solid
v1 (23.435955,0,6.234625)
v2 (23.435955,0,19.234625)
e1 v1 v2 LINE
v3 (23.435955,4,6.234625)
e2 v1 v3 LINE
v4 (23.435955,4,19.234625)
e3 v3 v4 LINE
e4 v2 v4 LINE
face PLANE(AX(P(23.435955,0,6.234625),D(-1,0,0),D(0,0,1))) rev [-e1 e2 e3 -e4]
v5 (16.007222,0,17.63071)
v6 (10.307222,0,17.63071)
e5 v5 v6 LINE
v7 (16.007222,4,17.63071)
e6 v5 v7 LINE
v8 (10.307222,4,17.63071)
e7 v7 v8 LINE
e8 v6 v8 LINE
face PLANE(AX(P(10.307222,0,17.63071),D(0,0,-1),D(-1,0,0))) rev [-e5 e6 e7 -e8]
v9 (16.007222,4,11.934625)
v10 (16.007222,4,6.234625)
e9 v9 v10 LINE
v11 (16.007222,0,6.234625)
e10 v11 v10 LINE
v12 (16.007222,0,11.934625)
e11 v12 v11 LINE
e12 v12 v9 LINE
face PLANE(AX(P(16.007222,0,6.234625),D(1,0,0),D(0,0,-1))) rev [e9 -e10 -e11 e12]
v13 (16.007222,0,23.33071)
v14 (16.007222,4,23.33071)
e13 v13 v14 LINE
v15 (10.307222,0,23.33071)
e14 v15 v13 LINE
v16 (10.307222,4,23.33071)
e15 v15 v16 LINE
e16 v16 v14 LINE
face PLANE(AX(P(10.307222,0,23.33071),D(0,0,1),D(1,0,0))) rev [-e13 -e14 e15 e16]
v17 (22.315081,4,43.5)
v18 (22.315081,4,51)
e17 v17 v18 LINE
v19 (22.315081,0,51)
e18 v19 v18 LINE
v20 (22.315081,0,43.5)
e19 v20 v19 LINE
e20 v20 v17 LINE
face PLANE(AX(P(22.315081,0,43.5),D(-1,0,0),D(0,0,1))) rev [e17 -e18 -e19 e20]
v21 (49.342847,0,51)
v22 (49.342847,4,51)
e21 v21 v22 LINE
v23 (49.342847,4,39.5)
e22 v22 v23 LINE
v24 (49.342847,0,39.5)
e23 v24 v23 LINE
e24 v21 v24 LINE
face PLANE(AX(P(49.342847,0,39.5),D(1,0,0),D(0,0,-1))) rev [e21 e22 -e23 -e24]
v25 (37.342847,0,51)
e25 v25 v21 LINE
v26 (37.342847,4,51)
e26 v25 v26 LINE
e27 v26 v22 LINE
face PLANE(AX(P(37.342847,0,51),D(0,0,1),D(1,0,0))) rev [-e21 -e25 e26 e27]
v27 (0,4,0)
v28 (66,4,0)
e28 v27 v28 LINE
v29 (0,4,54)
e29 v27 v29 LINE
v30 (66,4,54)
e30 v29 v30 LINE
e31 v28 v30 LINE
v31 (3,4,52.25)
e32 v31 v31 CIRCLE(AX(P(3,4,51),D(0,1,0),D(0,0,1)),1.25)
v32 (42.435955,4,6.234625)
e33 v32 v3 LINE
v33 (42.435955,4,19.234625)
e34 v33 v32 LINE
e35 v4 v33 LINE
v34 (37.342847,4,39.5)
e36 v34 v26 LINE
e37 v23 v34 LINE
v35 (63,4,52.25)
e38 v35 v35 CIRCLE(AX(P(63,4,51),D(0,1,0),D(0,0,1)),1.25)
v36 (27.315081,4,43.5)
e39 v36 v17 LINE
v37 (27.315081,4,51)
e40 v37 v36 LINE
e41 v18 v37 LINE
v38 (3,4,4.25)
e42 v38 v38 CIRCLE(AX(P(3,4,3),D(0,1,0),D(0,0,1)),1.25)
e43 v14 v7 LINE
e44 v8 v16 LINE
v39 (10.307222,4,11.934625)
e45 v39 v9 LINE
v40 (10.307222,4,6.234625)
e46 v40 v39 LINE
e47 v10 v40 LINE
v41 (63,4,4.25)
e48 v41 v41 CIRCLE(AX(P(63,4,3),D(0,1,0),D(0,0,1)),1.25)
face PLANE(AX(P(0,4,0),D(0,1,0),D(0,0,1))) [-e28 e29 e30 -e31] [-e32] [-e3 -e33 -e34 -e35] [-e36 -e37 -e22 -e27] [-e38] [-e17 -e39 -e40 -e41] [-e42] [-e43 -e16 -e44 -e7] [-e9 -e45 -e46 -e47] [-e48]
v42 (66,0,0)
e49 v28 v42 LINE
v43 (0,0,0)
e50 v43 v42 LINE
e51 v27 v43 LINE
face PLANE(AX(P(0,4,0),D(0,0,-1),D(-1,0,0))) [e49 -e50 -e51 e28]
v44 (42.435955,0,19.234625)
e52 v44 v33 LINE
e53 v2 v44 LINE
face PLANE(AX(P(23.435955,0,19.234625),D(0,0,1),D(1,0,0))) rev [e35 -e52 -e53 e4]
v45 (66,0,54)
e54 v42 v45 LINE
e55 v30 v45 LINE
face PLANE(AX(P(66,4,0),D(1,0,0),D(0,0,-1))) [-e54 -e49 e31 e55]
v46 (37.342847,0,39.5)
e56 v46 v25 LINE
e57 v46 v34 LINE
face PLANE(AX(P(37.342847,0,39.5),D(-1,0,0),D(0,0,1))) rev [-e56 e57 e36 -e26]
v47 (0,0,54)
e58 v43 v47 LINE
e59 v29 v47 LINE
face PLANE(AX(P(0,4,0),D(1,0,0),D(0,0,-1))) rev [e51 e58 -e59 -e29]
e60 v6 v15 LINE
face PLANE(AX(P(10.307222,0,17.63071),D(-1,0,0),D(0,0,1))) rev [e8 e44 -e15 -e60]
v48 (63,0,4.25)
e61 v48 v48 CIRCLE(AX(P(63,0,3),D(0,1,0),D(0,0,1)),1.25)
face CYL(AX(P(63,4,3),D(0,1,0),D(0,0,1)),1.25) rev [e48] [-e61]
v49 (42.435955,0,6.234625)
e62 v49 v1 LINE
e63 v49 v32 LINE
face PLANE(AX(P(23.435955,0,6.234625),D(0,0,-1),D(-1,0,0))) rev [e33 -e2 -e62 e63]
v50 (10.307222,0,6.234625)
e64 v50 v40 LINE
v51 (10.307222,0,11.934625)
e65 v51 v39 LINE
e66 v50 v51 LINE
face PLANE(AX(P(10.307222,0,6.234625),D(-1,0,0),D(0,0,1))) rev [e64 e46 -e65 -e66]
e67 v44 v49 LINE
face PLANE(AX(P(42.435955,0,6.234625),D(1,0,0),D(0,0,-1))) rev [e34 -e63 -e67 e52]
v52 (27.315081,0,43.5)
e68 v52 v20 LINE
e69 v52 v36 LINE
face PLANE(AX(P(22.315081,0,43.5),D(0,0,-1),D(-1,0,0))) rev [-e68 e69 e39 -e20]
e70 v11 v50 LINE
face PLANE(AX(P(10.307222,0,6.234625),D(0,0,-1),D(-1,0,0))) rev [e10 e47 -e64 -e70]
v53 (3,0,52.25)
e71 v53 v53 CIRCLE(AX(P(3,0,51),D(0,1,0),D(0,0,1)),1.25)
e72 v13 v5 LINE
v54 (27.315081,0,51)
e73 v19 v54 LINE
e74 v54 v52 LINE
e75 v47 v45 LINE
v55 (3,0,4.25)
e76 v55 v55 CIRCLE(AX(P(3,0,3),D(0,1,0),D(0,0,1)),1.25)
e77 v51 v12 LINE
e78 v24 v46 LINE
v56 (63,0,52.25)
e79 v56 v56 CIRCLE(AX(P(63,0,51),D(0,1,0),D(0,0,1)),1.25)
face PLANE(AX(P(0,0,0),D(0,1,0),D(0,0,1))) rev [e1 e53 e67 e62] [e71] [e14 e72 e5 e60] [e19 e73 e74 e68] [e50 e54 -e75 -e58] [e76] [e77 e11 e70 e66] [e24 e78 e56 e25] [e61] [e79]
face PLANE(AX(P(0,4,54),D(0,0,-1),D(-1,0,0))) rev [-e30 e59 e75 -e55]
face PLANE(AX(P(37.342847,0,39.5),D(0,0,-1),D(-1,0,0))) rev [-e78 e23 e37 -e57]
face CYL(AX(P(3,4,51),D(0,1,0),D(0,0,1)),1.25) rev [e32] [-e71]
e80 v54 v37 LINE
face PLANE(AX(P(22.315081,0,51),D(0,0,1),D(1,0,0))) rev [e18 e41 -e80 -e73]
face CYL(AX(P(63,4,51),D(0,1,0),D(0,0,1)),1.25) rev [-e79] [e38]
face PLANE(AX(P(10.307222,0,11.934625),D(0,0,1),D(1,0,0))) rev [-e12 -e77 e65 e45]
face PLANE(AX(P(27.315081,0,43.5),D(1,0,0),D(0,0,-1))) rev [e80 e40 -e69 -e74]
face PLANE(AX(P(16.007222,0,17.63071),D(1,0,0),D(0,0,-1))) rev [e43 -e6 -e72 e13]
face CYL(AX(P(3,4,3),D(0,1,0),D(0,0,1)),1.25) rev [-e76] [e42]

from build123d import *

# Parameters (mm, degrees)
SKETCH_2_W          = 66
SKETCH_2_H          = 54
EXTRUDE_1_DEPTH     = 4
HOLE_WIZARD_M3_1_D  = 2.5
SKETCH_7_W          = 5
SKETCH_7_H          = 7.5
SKETCH_7_W_2        = 5.7
SKETCH_7_H_2        = 5.7
SKETCH_7_W_3        = 19
SKETCH_7_H_3        = 13
SKETCH_7_W_4        = 12
SKETCH_7_H_4        = 11.5
CUT_EXTRUDE_1_DEPTH = 4


with BuildPart() as part:
    # 草图2 → 凸台-拉伸1 (new body)
    with BuildSketch(Plane(origin=(0, 0, 0), x_dir=(1, 0, 0), z_dir=(0, 1, 0))):
        with Locations((33, -27)):
            Rectangle(SKETCH_2_W, SKETCH_2_H)
    extrude(amount=EXTRUDE_1_DEPTH)

    # M3 螺纹孔1 (through all)
    with Locations(Plane(origin=(0, 4, 0), x_dir=(1, 0, 0), z_dir=(0, 1, 0))):
        with Locations((3, -3), (3, -51), (63, -51), (63, -3)):
            Hole(HOLE_WIZARD_M3_1_D / 2)

    # 草图7 → 切除-拉伸1 (cut)
    with BuildSketch(Plane(origin=(0, 4, 0), x_dir=(1, 0, 0), z_dir=(0, 1, 0))):
        with Locations((24.815080673, -47.25)):
            Rectangle(SKETCH_7_W, SKETCH_7_H)
        with Locations((13.157222246, -9.084625301)):
            Rectangle(SKETCH_7_W_2, SKETCH_7_H_2)
        with Locations((13.157222246, -20.480710499)):
            Rectangle(SKETCH_7_W_2, SKETCH_7_H_2)
        with Locations((32.935955056, -12.734625301)):
            Rectangle(SKETCH_7_W_3, SKETCH_7_H_3)
        with Locations((43.342846772, -45.25)):
            Rectangle(SKETCH_7_W_4, SKETCH_7_H_4)
    extrude(amount=-CUT_EXTRUDE_1_DEPTH, mode=Mode.SUBTRACT)


solid = part.part
